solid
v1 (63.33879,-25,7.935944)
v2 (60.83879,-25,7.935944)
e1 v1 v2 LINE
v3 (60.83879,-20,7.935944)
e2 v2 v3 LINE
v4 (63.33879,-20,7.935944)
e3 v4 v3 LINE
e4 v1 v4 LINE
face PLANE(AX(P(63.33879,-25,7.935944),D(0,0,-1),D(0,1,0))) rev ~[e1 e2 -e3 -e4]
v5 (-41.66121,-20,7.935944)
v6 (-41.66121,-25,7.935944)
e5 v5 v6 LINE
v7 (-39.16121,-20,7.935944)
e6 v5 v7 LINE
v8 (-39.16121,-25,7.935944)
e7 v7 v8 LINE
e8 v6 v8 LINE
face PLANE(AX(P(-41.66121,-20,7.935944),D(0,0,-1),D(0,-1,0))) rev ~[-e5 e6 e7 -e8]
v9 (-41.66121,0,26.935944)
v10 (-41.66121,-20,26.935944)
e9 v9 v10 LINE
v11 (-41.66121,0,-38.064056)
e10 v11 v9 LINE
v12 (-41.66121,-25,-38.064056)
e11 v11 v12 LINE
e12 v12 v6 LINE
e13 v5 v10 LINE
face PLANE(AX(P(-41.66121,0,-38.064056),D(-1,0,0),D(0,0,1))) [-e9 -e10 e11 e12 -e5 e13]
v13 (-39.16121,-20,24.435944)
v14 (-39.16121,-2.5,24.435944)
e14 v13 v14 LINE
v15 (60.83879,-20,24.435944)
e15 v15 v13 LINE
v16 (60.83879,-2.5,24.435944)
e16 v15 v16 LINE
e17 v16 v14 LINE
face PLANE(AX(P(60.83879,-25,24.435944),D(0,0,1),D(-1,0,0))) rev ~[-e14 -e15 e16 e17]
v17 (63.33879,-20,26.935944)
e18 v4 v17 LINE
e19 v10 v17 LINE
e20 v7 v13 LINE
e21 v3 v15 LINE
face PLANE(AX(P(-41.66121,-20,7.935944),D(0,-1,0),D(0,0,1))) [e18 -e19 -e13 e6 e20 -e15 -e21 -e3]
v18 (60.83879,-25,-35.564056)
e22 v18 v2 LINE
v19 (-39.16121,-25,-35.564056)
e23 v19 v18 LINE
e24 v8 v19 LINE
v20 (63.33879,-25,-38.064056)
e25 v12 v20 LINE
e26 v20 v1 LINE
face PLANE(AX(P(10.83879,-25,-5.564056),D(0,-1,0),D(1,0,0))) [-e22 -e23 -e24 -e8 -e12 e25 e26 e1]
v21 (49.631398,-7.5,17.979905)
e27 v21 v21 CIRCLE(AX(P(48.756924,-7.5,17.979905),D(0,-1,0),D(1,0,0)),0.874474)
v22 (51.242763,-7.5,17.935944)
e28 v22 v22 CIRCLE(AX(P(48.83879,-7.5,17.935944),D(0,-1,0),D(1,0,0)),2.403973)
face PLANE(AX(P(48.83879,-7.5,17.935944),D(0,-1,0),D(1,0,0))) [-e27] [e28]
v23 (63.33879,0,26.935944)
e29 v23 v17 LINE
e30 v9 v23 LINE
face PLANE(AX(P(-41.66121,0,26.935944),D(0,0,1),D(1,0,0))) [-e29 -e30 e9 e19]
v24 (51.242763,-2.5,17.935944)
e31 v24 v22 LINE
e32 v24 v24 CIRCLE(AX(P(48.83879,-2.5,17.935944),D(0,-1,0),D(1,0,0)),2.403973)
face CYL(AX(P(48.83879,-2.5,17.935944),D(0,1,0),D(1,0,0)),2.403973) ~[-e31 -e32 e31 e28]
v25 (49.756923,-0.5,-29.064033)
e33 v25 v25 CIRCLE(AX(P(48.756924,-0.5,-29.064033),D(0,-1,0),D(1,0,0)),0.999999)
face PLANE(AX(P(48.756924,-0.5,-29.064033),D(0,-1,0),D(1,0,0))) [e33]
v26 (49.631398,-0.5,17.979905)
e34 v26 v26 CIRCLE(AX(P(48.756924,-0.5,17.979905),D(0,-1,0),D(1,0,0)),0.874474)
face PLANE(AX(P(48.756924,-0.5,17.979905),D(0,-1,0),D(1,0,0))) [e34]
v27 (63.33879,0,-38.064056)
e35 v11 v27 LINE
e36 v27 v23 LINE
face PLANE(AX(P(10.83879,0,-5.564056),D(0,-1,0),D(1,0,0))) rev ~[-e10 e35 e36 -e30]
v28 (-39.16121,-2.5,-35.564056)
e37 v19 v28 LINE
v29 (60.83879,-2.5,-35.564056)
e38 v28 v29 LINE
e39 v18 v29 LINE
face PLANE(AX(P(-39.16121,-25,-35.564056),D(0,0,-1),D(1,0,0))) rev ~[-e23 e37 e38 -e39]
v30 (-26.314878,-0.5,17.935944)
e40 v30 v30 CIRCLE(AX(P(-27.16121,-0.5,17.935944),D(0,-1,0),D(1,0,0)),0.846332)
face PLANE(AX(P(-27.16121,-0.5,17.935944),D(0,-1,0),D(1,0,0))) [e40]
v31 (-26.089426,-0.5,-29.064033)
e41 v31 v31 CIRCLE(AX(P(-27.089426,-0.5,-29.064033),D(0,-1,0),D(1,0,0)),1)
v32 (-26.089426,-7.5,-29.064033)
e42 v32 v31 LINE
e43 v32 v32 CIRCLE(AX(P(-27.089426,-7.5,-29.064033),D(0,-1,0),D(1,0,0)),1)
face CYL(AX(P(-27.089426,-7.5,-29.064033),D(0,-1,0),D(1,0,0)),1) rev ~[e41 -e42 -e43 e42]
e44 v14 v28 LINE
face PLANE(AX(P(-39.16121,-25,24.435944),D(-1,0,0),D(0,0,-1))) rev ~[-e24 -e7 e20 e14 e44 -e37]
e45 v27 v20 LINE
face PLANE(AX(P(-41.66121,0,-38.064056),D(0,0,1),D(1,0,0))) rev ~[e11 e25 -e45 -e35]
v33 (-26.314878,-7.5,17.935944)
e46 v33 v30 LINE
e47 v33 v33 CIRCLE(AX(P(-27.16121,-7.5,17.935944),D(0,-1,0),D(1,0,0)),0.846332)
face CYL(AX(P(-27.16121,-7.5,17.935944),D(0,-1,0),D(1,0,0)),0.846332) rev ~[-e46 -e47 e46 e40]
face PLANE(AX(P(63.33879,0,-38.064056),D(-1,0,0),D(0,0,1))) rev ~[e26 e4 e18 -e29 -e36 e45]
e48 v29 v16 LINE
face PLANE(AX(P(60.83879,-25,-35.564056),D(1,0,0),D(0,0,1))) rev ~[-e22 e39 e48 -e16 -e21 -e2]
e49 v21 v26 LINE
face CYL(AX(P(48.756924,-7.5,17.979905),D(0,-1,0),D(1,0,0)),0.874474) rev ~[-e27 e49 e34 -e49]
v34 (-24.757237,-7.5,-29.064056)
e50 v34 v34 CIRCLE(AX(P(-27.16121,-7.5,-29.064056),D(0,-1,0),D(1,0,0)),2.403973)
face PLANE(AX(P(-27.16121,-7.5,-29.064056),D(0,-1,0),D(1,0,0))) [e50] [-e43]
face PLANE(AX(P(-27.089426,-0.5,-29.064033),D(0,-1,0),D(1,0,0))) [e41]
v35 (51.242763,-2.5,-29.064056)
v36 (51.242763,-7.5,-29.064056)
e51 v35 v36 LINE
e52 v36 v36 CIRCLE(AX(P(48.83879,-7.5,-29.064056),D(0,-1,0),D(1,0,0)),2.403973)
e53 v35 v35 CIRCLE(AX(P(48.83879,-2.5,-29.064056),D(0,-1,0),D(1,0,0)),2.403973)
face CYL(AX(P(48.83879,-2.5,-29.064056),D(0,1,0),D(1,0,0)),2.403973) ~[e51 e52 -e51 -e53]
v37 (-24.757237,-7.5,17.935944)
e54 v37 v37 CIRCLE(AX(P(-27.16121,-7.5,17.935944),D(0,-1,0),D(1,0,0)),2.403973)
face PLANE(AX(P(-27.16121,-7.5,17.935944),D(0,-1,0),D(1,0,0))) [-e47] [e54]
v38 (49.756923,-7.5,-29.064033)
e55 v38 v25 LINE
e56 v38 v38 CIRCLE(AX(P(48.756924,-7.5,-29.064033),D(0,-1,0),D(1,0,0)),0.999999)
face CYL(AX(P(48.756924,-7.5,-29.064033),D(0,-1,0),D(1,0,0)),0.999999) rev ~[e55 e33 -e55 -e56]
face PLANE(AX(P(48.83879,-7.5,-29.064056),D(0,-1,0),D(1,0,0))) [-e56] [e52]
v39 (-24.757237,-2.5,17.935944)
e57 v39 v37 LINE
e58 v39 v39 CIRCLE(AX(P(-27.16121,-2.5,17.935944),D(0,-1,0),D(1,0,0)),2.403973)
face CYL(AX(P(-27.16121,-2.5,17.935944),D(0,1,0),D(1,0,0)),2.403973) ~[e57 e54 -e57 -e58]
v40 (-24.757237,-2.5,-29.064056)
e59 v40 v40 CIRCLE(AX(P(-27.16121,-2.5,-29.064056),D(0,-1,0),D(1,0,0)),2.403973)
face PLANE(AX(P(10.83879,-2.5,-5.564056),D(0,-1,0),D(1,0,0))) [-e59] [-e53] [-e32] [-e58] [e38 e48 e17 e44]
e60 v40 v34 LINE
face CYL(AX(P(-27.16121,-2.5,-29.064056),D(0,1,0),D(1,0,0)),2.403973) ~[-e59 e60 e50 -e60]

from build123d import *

# Parameters (mm, degrees)
F0_W      = 105
F0_H      = 65
F1_DEPTH  = 25
F3_DEPTH  = 22.5
F4_W      = 5
F4_H      = 19
F5_DEPTH  = 2.5
F6_W      = 5
F6_H      = 19
F7_DEPTH  = 2.5
F9_DEPTH  = 2.5
F10_R     = 2.403973
F11_DEPTH = 5
F12_R     = 0.874474
F12_R_2   = 0.999999
F12_R_3   = 0.846332
F12_R_4   = 1
F13_DEPTH = 7


with BuildPart() as f1:
    # F0 (on Front) → F1 (new body)
    with BuildSketch(Plane.XZ):
        with Locations((10.83879, -5.564056)):
            Rectangle(F0_W, F0_H)
    extrude(amount=F1_DEPTH)

    # F2 (on face) → F3 (cut)
    with BuildSketch(Plane.XZ.offset(25)):
        Polygon((12.475623, 24.435944), (-39.16121, 24.435944), (-39.16121, -11.767991), (-39.16121, -35.564056), (11.927005, -35.564056), (60.83879, -35.564056), (60.83879, -26.717814), (60.83879, 24.435944), align=None)
    extrude(amount=-F3_DEPTH, mode=Mode.SUBTRACT)

    # F4 (on face) → F5 (cut)
    with BuildSketch(Plane(origin=(-41.66121, 0, 0), x_dir=(0, -1, 0), z_dir=(-1, 0, 0))):
        with Locations((22.5, 17.435944)):
            Rectangle(F4_W, F4_H)
    extrude(amount=-F5_DEPTH, mode=Mode.SUBTRACT)

    # F6 (on face) → F7 (cut)
    with BuildSketch(Plane.YZ.offset(63.33879)):
        with Locations((-22.5, 17.435944)):
            Rectangle(F6_W, F6_H)
    extrude(amount=-F7_DEPTH, mode=Mode.SUBTRACT)

    # F8 (on face) → F9 (cut)
    with BuildSketch(Plane.XY.offset(26.935944)):
        Polygon((-39.16121, -20), (-39.16121, -22.5), (-39.16121, -25), (60.83879, -25), (60.83879, -20), align=None)
    extrude(amount=-F9_DEPTH, mode=Mode.SUBTRACT)

    # F10 (on face) → F11 (join)
    with BuildSketch(Plane.XZ.offset(2.5)):
        with Locations((48.83879, 17.935944)):
            Circle(F10_R)
        with Locations((-27.16121, -29.064056)):
            Circle(F10_R)
        with Locations((48.83879, -29.064056)):
            Circle(F10_R)
        with Locations((-27.16121, 17.935944)):
            Circle(F10_R)
    extrude(amount=F11_DEPTH)

    # F12 (on face) → F13 (cut)
    with BuildSketch(Plane.XZ.offset(7.5)):
        with Locations((48.756924, 17.979905)):
            Circle(F12_R)
        with Locations((48.756924, -29.064033)):
            Circle(F12_R_2)
        with Locations((-27.16121, 17.935944)):
            Circle(F12_R_3)
        with Locations((-27.089426, -29.064033)):
            Circle(F12_R_4)
    extrude(amount=-F13_DEPTH, mode=Mode.SUBTRACT)


solid = f1.part
